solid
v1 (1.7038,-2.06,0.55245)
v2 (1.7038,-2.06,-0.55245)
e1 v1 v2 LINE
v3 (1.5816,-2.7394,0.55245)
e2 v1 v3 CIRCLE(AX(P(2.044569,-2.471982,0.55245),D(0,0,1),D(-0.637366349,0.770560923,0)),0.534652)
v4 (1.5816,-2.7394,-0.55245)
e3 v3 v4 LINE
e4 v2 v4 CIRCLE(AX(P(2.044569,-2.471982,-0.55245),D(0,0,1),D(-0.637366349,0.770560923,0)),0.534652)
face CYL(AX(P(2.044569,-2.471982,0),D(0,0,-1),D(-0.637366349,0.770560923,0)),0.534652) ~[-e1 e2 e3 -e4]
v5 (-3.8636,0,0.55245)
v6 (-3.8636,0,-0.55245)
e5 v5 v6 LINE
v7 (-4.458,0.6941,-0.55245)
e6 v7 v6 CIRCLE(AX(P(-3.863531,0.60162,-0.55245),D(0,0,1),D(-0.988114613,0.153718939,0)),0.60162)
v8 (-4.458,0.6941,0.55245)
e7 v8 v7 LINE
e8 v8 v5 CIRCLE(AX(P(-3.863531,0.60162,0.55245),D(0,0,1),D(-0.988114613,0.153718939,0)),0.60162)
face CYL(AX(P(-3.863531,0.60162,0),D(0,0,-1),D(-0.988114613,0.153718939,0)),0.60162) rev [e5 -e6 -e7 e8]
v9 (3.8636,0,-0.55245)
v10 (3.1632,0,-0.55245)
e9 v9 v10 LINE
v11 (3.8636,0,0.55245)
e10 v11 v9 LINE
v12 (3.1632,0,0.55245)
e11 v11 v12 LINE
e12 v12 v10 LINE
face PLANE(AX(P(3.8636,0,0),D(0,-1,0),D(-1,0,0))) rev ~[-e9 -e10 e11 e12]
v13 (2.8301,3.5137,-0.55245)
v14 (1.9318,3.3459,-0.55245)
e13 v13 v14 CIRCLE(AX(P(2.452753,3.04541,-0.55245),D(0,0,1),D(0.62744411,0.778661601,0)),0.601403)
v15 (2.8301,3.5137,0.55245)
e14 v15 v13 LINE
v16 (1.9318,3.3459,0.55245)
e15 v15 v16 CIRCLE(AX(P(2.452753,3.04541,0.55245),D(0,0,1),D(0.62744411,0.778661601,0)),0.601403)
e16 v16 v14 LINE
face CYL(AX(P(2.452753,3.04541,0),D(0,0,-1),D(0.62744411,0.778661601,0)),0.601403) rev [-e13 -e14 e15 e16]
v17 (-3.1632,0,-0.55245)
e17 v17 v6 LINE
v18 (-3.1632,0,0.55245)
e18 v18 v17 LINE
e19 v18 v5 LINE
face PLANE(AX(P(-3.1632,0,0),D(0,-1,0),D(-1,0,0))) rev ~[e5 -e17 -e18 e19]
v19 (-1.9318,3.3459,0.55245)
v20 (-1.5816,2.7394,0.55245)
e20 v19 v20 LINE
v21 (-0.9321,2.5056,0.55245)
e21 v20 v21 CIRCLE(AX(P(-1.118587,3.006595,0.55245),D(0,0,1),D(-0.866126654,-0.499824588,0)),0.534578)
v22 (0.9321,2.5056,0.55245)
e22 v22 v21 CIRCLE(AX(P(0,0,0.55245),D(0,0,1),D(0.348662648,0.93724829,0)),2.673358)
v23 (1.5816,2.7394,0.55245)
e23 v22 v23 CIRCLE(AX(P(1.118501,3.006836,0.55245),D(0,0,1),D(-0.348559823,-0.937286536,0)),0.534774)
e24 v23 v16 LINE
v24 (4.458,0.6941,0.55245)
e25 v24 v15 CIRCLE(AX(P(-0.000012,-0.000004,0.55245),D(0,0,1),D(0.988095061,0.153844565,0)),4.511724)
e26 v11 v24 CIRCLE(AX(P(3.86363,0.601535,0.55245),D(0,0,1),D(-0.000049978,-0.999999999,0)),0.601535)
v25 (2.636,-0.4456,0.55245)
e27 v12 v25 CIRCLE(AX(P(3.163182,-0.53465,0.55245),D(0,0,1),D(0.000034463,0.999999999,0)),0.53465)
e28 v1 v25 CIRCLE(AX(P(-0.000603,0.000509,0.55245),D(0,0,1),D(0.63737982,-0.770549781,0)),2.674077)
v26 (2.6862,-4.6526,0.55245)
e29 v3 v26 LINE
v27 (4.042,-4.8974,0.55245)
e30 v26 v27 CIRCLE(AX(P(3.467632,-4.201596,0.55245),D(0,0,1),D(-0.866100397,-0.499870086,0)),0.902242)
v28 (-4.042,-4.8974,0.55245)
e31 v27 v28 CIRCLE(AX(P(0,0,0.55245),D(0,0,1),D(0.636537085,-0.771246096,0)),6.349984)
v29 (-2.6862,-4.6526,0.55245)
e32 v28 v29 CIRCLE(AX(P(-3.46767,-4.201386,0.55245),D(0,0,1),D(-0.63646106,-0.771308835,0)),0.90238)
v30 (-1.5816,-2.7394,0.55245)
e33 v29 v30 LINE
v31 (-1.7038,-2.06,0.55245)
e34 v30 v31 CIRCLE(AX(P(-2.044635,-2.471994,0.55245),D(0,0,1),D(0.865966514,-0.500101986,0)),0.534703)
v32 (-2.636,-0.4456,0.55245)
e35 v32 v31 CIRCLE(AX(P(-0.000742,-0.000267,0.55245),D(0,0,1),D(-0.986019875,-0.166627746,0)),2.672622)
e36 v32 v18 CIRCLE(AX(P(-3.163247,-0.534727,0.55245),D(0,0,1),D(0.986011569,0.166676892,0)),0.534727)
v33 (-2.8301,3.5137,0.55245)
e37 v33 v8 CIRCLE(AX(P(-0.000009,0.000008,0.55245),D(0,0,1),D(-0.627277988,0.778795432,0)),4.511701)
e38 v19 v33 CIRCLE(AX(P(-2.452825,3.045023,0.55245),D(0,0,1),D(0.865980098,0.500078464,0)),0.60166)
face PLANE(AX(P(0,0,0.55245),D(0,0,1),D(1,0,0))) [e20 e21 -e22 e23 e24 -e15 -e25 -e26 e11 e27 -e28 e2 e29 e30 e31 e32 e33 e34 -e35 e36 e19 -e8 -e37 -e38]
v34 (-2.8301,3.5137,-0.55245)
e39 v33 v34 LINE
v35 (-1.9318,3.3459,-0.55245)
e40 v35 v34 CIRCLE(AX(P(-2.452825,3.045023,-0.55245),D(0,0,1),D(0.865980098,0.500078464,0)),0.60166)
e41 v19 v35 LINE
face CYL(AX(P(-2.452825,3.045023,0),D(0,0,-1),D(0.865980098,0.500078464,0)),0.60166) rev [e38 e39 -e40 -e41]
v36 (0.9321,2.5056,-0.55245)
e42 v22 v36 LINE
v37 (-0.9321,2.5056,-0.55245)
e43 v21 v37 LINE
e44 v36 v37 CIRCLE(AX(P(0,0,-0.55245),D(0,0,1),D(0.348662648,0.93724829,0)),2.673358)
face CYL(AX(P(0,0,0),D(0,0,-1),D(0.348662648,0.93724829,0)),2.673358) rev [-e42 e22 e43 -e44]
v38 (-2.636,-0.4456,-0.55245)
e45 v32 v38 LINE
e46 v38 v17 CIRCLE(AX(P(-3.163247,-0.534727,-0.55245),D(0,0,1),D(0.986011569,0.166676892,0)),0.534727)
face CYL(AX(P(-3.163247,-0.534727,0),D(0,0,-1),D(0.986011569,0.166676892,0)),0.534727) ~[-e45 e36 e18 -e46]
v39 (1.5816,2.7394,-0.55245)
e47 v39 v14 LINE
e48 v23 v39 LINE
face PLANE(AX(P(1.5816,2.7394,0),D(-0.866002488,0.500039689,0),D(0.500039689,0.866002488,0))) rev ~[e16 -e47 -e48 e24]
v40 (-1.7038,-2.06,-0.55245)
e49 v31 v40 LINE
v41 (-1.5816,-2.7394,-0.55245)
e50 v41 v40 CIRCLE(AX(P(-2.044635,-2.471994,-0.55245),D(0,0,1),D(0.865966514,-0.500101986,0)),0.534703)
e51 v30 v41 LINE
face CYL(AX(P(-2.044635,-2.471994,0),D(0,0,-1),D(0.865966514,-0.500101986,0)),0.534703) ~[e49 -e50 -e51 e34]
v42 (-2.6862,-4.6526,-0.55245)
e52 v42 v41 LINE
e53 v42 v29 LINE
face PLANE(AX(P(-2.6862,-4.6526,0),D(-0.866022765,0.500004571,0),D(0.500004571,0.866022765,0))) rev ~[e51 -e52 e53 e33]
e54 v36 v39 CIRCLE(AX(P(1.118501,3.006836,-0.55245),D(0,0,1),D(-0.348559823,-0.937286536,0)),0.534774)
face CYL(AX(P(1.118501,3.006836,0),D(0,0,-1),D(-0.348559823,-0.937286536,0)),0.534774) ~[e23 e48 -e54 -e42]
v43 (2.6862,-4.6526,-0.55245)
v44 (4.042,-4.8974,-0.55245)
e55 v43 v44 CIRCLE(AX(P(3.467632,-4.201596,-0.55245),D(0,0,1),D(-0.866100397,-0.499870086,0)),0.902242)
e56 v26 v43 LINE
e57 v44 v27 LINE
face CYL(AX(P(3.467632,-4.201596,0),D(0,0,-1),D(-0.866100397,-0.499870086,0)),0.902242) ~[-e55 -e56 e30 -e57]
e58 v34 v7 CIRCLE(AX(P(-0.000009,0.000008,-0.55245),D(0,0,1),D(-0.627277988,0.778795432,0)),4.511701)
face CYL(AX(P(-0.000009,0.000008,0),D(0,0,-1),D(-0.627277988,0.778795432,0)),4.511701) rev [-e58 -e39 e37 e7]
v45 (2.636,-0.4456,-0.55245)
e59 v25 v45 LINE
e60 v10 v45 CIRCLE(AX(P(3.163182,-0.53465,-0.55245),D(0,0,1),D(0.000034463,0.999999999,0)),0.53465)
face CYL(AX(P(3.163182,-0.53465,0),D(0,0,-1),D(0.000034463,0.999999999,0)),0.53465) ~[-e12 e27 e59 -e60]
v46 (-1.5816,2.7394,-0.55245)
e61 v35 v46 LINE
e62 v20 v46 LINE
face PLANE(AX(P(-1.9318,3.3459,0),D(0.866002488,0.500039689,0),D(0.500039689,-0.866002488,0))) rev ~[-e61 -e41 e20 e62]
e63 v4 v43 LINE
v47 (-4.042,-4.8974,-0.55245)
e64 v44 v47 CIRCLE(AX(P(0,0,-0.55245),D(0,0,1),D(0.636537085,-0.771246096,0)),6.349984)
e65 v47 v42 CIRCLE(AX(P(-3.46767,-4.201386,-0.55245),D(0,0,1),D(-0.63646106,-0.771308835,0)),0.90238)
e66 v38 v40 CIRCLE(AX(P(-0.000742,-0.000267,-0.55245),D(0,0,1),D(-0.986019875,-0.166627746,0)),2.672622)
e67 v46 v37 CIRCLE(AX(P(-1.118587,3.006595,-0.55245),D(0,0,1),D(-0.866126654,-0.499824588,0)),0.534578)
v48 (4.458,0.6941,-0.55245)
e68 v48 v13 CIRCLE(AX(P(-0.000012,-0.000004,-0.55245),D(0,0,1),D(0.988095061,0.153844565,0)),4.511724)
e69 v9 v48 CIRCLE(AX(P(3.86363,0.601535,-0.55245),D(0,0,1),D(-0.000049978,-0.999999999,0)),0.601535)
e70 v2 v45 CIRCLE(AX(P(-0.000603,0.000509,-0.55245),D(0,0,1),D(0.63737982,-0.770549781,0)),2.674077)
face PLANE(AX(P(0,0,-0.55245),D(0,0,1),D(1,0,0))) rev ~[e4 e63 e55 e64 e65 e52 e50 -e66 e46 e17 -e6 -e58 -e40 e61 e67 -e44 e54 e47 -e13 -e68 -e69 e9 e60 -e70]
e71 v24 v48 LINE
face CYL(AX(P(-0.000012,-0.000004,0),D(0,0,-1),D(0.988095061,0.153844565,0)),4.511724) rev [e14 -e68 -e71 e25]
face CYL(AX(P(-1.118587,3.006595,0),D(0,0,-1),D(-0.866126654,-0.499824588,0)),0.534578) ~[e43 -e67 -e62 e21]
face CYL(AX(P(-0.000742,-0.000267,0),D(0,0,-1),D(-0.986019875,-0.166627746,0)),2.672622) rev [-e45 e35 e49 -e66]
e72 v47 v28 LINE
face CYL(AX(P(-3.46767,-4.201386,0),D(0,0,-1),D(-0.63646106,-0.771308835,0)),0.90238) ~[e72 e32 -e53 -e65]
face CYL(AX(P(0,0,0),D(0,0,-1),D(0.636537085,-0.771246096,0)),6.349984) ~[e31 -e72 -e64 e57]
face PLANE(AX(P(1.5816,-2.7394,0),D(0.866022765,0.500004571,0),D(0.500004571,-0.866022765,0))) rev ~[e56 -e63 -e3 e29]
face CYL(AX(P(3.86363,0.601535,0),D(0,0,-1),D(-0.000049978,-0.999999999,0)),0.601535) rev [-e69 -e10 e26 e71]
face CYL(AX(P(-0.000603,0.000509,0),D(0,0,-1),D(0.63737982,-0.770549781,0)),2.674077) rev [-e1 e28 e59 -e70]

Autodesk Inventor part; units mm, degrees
sketch "Sketch_1" plane through (0, 0, 0) normal (0, 0, 1) x (1, 0, 0)
  arc A0 (4.042, -4.8974) -> (-4.042, -4.8974) centre (0, 0) ccw
  arc A1 (-4.042, -4.8974) -> (-2.6862, -4.6526) centre (-3.4677, -4.2015) ccw
  line L0 (-2.6862, -4.6526) -> (-1.5816, -2.7394)
  arc A2 (-1.5816, -2.7394) -> (-1.7038, -2.06) centre (-2.0446, -2.472) ccw
  arc A3 (-2.636, -0.4456) -> (-1.7038, -2.06) centre (0, 0) ccw
  arc A4 (-2.636, -0.4456) -> (-3.1632, 0) centre (-3.1632, -0.5347) ccw
  line L1 (-3.1632, 0) -> (-3.8636, 0)
  arc A5 (-4.458, 0.6941) -> (-3.8636, 0) centre (-3.8636, 0.6016) ccw
  arc A6 (-2.8301, 3.5137) -> (-4.458, 0.6941) centre (0, 0) ccw
  arc A7 (-1.9318, 3.3459) -> (-2.8301, 3.5137) centre (-2.4527, 3.0452) ccw
  line L2 (-1.9318, 3.3459) -> (-1.5816, 2.7394)
  arc A8 (-1.5816, 2.7394) -> (-0.9321, 2.5056) centre (-1.1185, 3.0067) ccw
  arc A9 (0.9321, 2.5056) -> (-0.9321, 2.5056) centre (0, 0) ccw
  arc A10 (0.9321, 2.5056) -> (1.5816, 2.7394) centre (1.1185, 3.0067) ccw
  line L3 (1.5816, 2.7394) -> (1.9318, 3.3459)
  arc A11 (2.8301, 3.5137) -> (1.9318, 3.3459) centre (2.4527, 3.0452) ccw
  arc A12 (4.458, 0.6941) -> (2.8301, 3.5137) centre (0, 0) ccw
  arc A13 (3.8636, 0) -> (4.458, 0.6941) centre (3.8636, 0.6016) ccw
  line L4 (3.8636, 0) -> (3.1632, 0)
  arc A14 (3.1632, 0) -> (2.636, -0.4456) centre (3.1632, -0.5347) ccw
  arc A15 (1.7038, -2.06) -> (2.636, -0.4456) centre (0, 0) ccw
  arc A16 (1.7038, -2.06) -> (1.5816, -2.7394) centre (2.0446, -2.472) ccw
  line L5 (1.5816, -2.7394) -> (2.6862, -4.6526)
  arc A17 (2.6862, -4.6526) -> (4.042, -4.8974) centre (3.4677, -4.2015) ccw
extrude "Extrusion1" add sketch "Sketch_1" along normal mid plane 1.1049
ref_plane "RR_XY" through (0, 0, 0) normal (0, 0, 1) x (1, 0, 0)
ref_plane "RR_YZ" through (0, 0, 0) normal (1, 0, 0) x (0, 1, 0)
ref_plane "RR_ZX" through (0, 0, 0) normal (0, 1, 0) x (0, 0, 1)
properties part number "D-5866"
